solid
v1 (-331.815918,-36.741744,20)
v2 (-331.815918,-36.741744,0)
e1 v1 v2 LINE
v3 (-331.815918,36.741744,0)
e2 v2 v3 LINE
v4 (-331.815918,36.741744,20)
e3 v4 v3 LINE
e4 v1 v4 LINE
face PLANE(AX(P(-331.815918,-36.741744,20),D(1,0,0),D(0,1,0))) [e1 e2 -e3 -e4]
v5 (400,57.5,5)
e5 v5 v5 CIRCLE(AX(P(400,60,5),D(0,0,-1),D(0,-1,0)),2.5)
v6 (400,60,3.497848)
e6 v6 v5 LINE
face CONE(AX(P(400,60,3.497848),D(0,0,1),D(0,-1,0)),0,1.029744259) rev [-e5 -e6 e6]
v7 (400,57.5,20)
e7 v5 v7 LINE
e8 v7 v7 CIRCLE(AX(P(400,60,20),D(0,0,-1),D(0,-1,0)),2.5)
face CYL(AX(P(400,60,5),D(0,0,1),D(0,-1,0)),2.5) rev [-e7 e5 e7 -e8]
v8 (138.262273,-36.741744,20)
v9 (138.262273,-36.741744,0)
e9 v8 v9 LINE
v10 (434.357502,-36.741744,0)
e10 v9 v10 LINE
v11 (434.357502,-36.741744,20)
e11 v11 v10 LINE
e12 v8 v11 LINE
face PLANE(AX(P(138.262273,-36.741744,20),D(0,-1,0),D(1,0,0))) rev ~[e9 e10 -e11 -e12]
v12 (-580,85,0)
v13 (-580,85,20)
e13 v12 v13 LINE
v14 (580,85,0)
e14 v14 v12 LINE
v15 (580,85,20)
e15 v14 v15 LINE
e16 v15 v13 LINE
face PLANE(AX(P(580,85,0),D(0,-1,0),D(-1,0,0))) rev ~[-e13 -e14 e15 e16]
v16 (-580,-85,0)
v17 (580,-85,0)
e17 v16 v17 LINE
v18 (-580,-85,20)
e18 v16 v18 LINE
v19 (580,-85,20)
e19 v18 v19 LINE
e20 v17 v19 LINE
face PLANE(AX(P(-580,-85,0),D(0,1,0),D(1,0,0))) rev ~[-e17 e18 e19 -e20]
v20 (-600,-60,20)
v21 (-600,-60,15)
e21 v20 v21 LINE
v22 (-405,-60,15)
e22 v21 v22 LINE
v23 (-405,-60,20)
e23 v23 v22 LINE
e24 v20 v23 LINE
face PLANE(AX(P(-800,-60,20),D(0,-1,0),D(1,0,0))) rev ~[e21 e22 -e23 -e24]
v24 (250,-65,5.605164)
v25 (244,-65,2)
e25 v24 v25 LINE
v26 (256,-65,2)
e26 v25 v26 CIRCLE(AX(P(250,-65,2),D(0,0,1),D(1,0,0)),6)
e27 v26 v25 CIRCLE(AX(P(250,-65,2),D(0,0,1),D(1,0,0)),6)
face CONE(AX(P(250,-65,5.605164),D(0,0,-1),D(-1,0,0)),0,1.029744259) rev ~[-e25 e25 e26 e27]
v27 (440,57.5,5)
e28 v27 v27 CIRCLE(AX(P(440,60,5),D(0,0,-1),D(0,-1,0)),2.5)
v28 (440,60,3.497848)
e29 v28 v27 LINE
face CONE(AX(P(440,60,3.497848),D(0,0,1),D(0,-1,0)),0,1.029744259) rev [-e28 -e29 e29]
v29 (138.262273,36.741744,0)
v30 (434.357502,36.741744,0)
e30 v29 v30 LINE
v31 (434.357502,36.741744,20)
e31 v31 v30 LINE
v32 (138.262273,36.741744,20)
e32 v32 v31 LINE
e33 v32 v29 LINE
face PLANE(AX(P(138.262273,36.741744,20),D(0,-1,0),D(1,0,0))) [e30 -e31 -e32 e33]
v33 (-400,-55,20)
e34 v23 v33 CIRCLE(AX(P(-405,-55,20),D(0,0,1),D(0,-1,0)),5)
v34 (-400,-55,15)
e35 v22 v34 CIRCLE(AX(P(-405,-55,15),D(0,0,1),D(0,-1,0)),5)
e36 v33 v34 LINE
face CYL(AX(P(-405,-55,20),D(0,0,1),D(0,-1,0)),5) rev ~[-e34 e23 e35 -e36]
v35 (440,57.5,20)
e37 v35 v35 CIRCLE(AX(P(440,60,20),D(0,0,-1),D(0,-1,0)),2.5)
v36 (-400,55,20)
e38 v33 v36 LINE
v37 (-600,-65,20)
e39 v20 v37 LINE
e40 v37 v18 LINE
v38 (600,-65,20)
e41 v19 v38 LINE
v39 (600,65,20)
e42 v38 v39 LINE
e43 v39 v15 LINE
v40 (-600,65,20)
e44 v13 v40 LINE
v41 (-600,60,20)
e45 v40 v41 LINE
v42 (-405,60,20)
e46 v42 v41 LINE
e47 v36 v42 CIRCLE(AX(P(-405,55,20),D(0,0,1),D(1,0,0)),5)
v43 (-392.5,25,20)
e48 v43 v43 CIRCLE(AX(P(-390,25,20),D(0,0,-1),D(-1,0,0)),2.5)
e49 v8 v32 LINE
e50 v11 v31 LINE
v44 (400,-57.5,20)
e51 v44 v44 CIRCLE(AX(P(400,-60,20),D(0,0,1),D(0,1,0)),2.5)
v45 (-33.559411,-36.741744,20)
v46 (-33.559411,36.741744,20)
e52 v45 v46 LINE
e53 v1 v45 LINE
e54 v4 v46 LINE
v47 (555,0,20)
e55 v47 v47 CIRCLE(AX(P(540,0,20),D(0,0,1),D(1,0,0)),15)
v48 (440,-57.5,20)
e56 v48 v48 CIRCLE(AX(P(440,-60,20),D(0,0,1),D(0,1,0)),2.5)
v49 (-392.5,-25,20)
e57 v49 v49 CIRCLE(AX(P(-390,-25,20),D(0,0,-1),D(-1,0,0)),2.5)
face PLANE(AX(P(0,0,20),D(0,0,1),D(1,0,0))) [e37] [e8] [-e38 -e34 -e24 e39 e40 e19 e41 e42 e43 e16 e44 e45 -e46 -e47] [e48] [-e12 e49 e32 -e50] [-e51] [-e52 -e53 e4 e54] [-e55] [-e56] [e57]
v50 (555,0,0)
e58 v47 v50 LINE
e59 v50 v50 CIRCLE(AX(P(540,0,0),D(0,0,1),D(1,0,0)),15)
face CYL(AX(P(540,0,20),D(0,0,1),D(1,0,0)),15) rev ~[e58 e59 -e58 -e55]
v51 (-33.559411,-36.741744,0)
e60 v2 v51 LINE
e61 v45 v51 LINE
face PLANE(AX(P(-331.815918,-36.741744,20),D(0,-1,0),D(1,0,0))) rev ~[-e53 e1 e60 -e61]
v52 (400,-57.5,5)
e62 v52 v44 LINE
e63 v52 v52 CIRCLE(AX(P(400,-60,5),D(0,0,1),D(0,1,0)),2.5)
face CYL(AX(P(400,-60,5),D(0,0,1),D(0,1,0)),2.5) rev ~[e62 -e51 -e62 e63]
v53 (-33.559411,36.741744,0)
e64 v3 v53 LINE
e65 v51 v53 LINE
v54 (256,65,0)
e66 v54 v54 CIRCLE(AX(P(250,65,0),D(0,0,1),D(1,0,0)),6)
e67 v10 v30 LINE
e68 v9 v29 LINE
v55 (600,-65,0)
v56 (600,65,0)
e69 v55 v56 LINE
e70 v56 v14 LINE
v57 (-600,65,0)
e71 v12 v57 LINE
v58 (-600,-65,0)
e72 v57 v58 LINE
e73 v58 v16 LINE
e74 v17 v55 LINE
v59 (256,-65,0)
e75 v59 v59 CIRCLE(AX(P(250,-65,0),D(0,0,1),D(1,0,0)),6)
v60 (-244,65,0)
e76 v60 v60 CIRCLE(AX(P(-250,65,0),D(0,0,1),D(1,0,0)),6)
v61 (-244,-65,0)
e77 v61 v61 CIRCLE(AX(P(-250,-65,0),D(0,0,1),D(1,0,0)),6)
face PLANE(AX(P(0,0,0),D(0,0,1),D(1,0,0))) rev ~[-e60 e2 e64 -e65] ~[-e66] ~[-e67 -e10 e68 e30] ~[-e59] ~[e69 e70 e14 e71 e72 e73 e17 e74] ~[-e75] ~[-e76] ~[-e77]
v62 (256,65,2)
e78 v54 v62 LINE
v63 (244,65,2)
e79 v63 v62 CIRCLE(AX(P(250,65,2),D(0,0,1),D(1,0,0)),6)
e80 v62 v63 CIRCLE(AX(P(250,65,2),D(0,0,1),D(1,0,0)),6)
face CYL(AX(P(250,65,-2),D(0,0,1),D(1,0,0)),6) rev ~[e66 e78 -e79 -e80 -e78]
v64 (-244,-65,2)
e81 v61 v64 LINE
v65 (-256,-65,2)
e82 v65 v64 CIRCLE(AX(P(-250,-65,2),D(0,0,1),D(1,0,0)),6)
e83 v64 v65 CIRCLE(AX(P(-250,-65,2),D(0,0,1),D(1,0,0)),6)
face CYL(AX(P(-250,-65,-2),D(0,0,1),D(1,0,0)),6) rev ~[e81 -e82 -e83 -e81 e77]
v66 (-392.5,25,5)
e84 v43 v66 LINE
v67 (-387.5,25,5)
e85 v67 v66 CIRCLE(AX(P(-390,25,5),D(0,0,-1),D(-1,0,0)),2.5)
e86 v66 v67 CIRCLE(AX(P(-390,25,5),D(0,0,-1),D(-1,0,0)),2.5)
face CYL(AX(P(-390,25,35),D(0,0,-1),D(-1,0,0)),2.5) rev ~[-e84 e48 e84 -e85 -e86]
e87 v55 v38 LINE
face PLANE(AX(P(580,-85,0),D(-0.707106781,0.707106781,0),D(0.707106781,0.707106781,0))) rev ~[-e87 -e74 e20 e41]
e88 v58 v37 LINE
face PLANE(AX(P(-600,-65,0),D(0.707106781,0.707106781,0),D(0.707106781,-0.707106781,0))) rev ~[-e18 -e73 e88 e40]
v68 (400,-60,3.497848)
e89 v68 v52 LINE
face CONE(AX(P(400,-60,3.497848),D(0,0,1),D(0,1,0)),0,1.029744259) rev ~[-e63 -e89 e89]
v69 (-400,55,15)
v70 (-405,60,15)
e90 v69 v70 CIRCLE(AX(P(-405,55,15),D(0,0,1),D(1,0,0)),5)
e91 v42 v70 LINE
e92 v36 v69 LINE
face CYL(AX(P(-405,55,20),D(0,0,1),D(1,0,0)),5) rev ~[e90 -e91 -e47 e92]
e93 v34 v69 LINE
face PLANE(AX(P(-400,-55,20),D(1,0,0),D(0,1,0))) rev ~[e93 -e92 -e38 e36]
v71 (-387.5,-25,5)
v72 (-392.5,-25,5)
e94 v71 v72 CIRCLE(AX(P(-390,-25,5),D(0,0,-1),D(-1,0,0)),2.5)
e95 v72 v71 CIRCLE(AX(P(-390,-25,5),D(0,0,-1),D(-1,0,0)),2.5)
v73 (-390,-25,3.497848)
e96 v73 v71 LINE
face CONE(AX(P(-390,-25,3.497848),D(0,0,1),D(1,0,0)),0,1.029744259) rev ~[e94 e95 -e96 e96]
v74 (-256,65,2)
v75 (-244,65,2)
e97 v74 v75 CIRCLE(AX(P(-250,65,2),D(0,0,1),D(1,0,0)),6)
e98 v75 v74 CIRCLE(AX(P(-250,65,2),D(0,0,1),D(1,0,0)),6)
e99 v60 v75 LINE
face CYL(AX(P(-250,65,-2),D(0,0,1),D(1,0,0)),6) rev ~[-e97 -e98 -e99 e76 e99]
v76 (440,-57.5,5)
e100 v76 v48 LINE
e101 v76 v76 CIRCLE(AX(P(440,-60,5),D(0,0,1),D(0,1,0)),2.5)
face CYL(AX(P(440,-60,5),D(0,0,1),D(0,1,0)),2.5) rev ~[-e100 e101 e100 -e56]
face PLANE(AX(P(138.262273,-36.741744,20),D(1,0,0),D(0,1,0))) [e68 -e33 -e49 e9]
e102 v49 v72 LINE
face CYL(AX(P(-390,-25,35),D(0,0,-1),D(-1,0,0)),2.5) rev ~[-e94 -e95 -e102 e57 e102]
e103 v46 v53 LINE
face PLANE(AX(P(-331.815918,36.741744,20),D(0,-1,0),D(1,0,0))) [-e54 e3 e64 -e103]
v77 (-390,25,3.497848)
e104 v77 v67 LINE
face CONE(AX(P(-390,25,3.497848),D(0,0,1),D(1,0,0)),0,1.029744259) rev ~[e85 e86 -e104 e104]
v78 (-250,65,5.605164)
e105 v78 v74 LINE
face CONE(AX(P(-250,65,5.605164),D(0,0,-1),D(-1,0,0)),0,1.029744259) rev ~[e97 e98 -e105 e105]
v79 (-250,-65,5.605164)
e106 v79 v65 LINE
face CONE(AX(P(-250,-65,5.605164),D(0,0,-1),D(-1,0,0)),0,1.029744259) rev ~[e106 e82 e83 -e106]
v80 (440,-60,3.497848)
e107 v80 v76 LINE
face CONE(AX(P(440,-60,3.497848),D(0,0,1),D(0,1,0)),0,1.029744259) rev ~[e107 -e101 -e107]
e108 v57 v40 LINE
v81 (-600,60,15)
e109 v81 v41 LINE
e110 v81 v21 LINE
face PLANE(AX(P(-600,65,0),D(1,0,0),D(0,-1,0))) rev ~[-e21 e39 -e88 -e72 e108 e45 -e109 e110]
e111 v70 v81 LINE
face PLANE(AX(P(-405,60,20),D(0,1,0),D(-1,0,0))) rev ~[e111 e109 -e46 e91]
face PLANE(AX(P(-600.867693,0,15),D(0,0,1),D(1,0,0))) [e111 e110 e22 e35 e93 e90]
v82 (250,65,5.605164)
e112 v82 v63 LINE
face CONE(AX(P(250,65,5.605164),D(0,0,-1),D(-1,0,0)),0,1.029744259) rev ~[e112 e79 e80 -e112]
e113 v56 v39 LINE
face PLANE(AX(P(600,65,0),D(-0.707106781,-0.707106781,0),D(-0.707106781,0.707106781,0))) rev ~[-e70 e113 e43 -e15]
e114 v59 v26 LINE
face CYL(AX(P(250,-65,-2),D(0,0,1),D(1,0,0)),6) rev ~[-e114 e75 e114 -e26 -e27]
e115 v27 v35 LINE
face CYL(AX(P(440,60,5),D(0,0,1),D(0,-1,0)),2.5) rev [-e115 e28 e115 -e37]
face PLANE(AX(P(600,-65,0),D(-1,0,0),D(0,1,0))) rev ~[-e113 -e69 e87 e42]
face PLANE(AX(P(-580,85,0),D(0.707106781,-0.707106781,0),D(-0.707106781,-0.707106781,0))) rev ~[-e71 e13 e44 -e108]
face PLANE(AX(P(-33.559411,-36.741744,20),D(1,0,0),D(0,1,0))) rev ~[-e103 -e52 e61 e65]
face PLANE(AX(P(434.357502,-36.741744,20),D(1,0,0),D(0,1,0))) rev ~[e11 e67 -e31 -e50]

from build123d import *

# Parameters (mm, degrees)
EXTRUDE_1_DEPTH             = 20
SKETCH_2_R                  = 15
CUT_EXTRUDE_1_DEPTH         = 21
CUT_EXTRUDE_2_DEPTH         = 5
HOLE_WIZARD_M6_1_D          = 5
HOLE_WIZARD_M6_1_DEPTH      = 15
HOLE_WIZARD_M6_1_TIP        = 1.502151548
HOLE_WIZARD_M6_2_AT_2_COUNT = 2
HOLE_WIZARD_M6_2_AT_2_PITCH = 40
MM_1_D                      = 12
MM_1_DEPTH                  = 2
MM_1_TIP                    = 3.605163714
SKETCH_19_W                 = 298.256507651
SKETCH_19_H                 = 73.483487392
SKETCH_19_W_2               = 296.09522861
CUT_EXTRUDE_3_DEPTH         = 21


with BuildPart() as part:
    # 草图1 → 凸台-拉伸1 (new body)
    with BuildSketch(Plane.XY):
        Polygon((-580, 85), (-600, 65), (-600, -65), (-580, -85), (580, -85), (600, -65), (600, 65), (580, 85), align=None)
    extrude(amount=EXTRUDE_1_DEPTH)

    # 草图2 → 切除-拉伸1 (cut, through all)
    with BuildSketch(Plane.XY.offset(20)):
        with Locations((540, 0)):
            Circle(SKETCH_2_R)
    extrude(amount=-CUT_EXTRUDE_1_DEPTH, mode=Mode.SUBTRACT)

    # 草图3 → 切除-拉伸2 (cut)
    with BuildSketch(Plane.XY.offset(20)):
        with BuildLine():
            Line((-800, -60), (-405, -60))
            ThreePointArc((-405, -60), (-401.464466094, -58.535533906), (-400, -55))
            Line((-400, -55), (-400, 55))
            ThreePointArc((-400, 55), (-401.464466094, 58.535533906), (-405, 60))
            Line((-405, 60), (-800, 60))
            Line((-800, 60), (-800, -60))
        make_face()
    extrude(amount=-CUT_EXTRUDE_2_DEPTH, mode=Mode.SUBTRACT)

    # M6 螺纹孔1
    with Locations(Plane(origin=(-390, 25, 20), x_dir=(1, 0, 0), z_dir=(0, 0, 1))):
        with Locations((0, 0), (0, -50)):
            Hole(HOLE_WIZARD_M6_1_D / 2, depth=HOLE_WIZARD_M6_1_DEPTH)
            with Locations((0, 0, -(HOLE_WIZARD_M6_1_DEPTH + HOLE_WIZARD_M6_1_TIP / 2))):  # 118° drill point
                Cone(0, HOLE_WIZARD_M6_1_D / 2, HOLE_WIZARD_M6_1_TIP, mode=Mode.SUBTRACT)

    # 草图16 → M6 螺纹孔2 (revolve, cut)
    with BuildSketch(Plane(origin=(400, 60, 20), x_dir=(0, -1, 0), z_dir=(1, 0, 0))):
        Polygon((0, 0), (0, 16.502151548), (2.5, 15), (2.5, 0), align=None)
    hole_wizard_m6_2 = revolve(axis=Axis((400, 60, 26.35), (0, 0, -1)), mode=Mode.SUBTRACT)

    # M6 螺纹孔2 at 2: M6 螺纹孔2 ×2
    with Locations(*[(i * HOLE_WIZARD_M6_2_AT_2_PITCH, 0, 0) for i in range(1, HOLE_WIZARD_M6_2_AT_2_COUNT)]):
        add(hole_wizard_m6_2, mode=Mode.SUBTRACT)

    # 镜向2: M6 螺纹孔2 across plane
    add(hole_wizard_m6_2.mirror(Plane.ZX), mode=Mode.SUBTRACT)

    # 镜向2 copy 1 sketch → 镜向2 copy 1 (revolve, cut)
    with BuildSketch(Plane(origin=(440, -60, 20), x_dir=(0, 1, 0), z_dir=(1, 0, 0))):
        Polygon((0, 0), (0, -16.502151548), (2.5, -15), (2.5, 0), align=None)
    revolve(axis=Axis((440, -60, 26.35), (0, 0, 1)), mode=Mode.SUBTRACT)

    # 大小mm 暗销孔1
    with Locations(Plane(origin=(0, 0, 0), x_dir=(-1, 0, 0), z_dir=(0, 0, -1))):
        with Locations((-250, 65), (250, 65), (250, -65), (-250, -65)):
            Hole(MM_1_D / 2, depth=MM_1_DEPTH)
            with Locations((0, 0, -(MM_1_DEPTH + MM_1_TIP / 2))):  # 118° drill point
                Cone(0, MM_1_D / 2, MM_1_TIP, mode=Mode.SUBTRACT)

    # 草图19 → 切除-拉伸3 (cut, through all)
    with BuildSketch(Plane.XY.offset(20)):
        with Locations((-182.687664533, 0)):
            Rectangle(SKETCH_19_W, SKETCH_19_H)
        with Locations((286.309887354, 0)):
            Rectangle(SKETCH_19_W_2, SKETCH_19_H)
    extrude(amount=-CUT_EXTRUDE_3_DEPTH, mode=Mode.SUBTRACT)


solid = part.part
